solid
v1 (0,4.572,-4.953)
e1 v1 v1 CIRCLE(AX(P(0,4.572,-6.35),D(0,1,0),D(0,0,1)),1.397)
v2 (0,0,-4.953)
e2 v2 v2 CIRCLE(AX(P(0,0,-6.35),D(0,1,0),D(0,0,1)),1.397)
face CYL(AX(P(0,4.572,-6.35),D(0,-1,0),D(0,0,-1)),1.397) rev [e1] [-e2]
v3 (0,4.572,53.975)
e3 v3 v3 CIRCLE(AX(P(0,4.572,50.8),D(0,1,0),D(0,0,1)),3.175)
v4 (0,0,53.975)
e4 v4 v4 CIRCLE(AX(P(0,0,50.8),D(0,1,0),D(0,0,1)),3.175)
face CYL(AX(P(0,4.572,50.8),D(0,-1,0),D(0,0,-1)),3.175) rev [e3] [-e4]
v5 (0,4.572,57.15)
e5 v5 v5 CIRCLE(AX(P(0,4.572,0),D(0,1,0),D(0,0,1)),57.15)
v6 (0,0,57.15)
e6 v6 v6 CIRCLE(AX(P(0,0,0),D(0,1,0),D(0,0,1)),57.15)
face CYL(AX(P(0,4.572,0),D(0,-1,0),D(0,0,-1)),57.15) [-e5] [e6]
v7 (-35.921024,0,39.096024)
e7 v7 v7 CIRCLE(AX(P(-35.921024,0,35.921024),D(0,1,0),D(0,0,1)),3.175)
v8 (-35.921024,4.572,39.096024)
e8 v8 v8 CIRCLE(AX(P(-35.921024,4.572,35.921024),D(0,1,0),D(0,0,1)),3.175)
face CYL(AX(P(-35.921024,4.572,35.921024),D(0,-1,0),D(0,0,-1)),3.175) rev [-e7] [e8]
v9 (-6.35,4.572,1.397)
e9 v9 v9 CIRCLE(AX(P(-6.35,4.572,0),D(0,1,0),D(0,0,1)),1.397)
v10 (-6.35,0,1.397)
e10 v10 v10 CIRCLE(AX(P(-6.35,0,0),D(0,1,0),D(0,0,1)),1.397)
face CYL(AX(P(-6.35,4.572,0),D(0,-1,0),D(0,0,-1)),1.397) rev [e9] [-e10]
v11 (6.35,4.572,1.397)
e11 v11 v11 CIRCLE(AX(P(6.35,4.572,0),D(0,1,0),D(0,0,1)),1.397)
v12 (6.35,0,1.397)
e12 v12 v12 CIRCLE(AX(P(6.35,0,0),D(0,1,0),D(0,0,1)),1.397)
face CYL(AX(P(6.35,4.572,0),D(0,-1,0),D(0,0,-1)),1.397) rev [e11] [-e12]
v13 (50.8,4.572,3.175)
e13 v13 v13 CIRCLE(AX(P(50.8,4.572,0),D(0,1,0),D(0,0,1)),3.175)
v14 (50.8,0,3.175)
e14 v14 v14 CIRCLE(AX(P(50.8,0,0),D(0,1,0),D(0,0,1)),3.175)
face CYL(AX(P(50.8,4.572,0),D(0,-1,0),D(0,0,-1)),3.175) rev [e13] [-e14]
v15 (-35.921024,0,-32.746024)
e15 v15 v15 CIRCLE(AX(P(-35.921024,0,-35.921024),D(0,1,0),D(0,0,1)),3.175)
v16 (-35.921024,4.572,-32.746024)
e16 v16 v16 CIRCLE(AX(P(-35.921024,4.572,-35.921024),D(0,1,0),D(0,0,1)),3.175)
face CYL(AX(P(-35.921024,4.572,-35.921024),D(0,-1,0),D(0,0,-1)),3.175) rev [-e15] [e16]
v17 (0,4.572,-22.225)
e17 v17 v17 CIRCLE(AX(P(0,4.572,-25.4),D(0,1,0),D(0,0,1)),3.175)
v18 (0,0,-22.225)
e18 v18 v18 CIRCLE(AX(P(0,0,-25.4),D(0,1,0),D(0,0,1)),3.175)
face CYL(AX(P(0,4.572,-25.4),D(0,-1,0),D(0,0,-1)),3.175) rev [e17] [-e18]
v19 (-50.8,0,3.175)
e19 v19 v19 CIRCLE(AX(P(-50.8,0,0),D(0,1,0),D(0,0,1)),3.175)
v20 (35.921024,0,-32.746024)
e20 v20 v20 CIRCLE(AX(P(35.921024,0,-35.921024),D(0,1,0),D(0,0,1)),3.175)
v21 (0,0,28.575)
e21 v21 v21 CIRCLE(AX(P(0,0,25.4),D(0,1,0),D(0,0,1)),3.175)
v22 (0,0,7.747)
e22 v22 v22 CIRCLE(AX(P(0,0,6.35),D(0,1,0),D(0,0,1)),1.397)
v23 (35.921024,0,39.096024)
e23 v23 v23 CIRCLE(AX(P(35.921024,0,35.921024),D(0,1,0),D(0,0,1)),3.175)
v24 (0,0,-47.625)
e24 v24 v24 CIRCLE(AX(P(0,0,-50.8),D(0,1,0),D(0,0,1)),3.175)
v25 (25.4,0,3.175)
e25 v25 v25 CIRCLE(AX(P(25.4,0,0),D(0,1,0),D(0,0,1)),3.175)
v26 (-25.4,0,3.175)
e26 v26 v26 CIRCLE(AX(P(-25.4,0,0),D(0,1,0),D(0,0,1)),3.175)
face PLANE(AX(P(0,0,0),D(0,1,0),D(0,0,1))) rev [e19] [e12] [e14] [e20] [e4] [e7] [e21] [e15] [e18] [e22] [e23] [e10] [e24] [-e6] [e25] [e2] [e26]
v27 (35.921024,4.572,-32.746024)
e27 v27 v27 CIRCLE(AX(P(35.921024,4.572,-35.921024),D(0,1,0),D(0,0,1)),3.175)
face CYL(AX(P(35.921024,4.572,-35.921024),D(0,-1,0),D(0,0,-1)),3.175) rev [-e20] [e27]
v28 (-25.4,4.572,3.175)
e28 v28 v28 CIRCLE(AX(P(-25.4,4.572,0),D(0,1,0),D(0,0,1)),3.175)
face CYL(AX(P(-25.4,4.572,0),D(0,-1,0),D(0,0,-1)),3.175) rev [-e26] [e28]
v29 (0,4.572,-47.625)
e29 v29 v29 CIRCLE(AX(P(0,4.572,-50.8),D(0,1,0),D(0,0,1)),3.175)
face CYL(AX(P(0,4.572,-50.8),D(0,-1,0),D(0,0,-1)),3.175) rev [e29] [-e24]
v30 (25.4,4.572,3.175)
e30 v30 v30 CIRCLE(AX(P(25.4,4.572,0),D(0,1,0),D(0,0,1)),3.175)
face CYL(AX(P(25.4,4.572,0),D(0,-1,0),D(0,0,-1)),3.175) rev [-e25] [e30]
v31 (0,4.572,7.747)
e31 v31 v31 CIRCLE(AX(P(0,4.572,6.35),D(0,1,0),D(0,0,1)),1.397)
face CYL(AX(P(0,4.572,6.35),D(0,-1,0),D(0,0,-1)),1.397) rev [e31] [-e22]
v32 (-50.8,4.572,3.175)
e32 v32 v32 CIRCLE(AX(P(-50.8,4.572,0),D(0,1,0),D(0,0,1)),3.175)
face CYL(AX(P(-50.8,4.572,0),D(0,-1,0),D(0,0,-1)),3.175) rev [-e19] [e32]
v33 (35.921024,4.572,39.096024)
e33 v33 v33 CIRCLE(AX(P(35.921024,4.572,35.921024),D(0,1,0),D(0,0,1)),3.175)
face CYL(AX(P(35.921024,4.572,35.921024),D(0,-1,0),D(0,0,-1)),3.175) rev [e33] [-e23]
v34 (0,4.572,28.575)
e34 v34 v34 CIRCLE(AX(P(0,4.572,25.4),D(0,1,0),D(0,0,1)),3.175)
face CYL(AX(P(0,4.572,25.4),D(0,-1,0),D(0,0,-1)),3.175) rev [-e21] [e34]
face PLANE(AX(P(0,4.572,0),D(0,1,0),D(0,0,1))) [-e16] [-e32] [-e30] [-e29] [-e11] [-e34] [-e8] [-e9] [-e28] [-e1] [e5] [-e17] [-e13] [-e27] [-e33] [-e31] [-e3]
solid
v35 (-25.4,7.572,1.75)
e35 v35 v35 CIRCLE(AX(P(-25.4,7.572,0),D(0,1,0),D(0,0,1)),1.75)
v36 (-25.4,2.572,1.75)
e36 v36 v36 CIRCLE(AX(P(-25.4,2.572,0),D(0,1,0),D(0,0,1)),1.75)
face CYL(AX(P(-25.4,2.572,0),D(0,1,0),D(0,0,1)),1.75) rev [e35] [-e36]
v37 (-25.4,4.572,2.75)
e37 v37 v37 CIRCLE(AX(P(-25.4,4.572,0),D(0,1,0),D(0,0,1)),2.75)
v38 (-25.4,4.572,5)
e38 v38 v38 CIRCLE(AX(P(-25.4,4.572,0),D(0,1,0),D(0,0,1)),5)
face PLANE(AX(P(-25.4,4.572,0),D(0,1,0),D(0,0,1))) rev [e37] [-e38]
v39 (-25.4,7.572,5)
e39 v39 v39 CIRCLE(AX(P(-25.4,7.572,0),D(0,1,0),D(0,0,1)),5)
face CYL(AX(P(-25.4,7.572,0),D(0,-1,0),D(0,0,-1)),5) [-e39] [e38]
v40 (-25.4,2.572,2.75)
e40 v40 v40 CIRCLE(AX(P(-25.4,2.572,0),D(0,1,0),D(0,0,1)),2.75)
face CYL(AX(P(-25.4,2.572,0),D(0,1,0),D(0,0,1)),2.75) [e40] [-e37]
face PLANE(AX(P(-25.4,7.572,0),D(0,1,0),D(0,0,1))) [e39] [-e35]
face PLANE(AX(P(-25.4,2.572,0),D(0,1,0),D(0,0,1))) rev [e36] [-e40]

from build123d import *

# Parameters (mm, degrees)
SKETCH1_R           = 57.15
SKETCH1_R_2         = 1.397
SKETCH1_R_3         = 3.175
BOSS_EXTRUDE1_DEPTH = 4.572
SKETCH2_R           = 2.75
SKETCH2_R_2         = 1.75
BOSS_EXTRUDE2_DEPTH = 2
SKETCH3_R           = 5
SKETCH3_R_2         = 1.75
BOSS_EXTRUDE3_DEPTH = 3


with BuildPart() as part:
    # Sketch1 → Boss-Extrude1 (new body)
    with BuildSketch(Plane(origin=(0, 0, 0), x_dir=(1, 0, 0), z_dir=(0, 1, 0))):
        Circle(SKETCH1_R)
        with Locations((0, 6.35)):
            Circle(SKETCH1_R_2, mode=Mode.SUBTRACT)
        with Locations((0, 25.4)):
            Circle(SKETCH1_R_3, mode=Mode.SUBTRACT)
        with Locations((0, 50.8)):
            Circle(SKETCH1_R_3, mode=Mode.SUBTRACT)
        with Locations((25.4, 0)):
            Circle(SKETCH1_R_3, mode=Mode.SUBTRACT)
        with Locations((0, -25.4)):
            Circle(SKETCH1_R_3, mode=Mode.SUBTRACT)
        with Locations((-25.4, 0)):
            Circle(SKETCH1_R_3, mode=Mode.SUBTRACT)
        with Locations((6.35, 0)):
            Circle(SKETCH1_R_2, mode=Mode.SUBTRACT)
        with Locations((0, -6.35)):
            Circle(SKETCH1_R_2, mode=Mode.SUBTRACT)
        with Locations((-6.35, 0)):
            Circle(SKETCH1_R_2, mode=Mode.SUBTRACT)
        with Locations((35.921024484, 35.921024484)):
            Circle(SKETCH1_R_3, mode=Mode.SUBTRACT)
        with Locations((50.8, 0)):
            Circle(SKETCH1_R_3, mode=Mode.SUBTRACT)
        with Locations((35.921024484, -35.921024484)):
            Circle(SKETCH1_R_3, mode=Mode.SUBTRACT)
        with Locations((0, -50.8)):
            Circle(SKETCH1_R_3, mode=Mode.SUBTRACT)
        with Locations((-35.921024484, -35.921024484)):
            Circle(SKETCH1_R_3, mode=Mode.SUBTRACT)
        with Locations((-50.8, 0)):
            Circle(SKETCH1_R_3, mode=Mode.SUBTRACT)
        with Locations((-35.921024484, 35.921024484)):
            Circle(SKETCH1_R_3, mode=Mode.SUBTRACT)
    extrude(amount=BOSS_EXTRUDE1_DEPTH)


with BuildPart() as body_2:
    # Sketch2 → Boss-Extrude2 (new body)
    with BuildSketch(Plane(origin=(0, 4.572, 0), x_dir=(1, 0, 0), z_dir=(0, 1, 0))):
        with Locations((-25.4, 0)):
            Circle(SKETCH2_R)
        with Locations((-25.4, 0)):
            Circle(SKETCH2_R_2, mode=Mode.SUBTRACT)
    extrude(amount=-BOSS_EXTRUDE2_DEPTH)

    # Sketch3 → Boss-Extrude3 (add)
    with BuildSketch(Plane(origin=(0, 4.572, 0), x_dir=(1, 0, 0), z_dir=(0, 1, 0))):
        with Locations((-25.4, 0)):
            Circle(SKETCH3_R)
        with Locations((-25.4, 0)):
            Circle(SKETCH3_R_2, mode=Mode.SUBTRACT)
    extrude(amount=BOSS_EXTRUDE3_DEPTH)


solid = Compound([part.part, body_2.part])
